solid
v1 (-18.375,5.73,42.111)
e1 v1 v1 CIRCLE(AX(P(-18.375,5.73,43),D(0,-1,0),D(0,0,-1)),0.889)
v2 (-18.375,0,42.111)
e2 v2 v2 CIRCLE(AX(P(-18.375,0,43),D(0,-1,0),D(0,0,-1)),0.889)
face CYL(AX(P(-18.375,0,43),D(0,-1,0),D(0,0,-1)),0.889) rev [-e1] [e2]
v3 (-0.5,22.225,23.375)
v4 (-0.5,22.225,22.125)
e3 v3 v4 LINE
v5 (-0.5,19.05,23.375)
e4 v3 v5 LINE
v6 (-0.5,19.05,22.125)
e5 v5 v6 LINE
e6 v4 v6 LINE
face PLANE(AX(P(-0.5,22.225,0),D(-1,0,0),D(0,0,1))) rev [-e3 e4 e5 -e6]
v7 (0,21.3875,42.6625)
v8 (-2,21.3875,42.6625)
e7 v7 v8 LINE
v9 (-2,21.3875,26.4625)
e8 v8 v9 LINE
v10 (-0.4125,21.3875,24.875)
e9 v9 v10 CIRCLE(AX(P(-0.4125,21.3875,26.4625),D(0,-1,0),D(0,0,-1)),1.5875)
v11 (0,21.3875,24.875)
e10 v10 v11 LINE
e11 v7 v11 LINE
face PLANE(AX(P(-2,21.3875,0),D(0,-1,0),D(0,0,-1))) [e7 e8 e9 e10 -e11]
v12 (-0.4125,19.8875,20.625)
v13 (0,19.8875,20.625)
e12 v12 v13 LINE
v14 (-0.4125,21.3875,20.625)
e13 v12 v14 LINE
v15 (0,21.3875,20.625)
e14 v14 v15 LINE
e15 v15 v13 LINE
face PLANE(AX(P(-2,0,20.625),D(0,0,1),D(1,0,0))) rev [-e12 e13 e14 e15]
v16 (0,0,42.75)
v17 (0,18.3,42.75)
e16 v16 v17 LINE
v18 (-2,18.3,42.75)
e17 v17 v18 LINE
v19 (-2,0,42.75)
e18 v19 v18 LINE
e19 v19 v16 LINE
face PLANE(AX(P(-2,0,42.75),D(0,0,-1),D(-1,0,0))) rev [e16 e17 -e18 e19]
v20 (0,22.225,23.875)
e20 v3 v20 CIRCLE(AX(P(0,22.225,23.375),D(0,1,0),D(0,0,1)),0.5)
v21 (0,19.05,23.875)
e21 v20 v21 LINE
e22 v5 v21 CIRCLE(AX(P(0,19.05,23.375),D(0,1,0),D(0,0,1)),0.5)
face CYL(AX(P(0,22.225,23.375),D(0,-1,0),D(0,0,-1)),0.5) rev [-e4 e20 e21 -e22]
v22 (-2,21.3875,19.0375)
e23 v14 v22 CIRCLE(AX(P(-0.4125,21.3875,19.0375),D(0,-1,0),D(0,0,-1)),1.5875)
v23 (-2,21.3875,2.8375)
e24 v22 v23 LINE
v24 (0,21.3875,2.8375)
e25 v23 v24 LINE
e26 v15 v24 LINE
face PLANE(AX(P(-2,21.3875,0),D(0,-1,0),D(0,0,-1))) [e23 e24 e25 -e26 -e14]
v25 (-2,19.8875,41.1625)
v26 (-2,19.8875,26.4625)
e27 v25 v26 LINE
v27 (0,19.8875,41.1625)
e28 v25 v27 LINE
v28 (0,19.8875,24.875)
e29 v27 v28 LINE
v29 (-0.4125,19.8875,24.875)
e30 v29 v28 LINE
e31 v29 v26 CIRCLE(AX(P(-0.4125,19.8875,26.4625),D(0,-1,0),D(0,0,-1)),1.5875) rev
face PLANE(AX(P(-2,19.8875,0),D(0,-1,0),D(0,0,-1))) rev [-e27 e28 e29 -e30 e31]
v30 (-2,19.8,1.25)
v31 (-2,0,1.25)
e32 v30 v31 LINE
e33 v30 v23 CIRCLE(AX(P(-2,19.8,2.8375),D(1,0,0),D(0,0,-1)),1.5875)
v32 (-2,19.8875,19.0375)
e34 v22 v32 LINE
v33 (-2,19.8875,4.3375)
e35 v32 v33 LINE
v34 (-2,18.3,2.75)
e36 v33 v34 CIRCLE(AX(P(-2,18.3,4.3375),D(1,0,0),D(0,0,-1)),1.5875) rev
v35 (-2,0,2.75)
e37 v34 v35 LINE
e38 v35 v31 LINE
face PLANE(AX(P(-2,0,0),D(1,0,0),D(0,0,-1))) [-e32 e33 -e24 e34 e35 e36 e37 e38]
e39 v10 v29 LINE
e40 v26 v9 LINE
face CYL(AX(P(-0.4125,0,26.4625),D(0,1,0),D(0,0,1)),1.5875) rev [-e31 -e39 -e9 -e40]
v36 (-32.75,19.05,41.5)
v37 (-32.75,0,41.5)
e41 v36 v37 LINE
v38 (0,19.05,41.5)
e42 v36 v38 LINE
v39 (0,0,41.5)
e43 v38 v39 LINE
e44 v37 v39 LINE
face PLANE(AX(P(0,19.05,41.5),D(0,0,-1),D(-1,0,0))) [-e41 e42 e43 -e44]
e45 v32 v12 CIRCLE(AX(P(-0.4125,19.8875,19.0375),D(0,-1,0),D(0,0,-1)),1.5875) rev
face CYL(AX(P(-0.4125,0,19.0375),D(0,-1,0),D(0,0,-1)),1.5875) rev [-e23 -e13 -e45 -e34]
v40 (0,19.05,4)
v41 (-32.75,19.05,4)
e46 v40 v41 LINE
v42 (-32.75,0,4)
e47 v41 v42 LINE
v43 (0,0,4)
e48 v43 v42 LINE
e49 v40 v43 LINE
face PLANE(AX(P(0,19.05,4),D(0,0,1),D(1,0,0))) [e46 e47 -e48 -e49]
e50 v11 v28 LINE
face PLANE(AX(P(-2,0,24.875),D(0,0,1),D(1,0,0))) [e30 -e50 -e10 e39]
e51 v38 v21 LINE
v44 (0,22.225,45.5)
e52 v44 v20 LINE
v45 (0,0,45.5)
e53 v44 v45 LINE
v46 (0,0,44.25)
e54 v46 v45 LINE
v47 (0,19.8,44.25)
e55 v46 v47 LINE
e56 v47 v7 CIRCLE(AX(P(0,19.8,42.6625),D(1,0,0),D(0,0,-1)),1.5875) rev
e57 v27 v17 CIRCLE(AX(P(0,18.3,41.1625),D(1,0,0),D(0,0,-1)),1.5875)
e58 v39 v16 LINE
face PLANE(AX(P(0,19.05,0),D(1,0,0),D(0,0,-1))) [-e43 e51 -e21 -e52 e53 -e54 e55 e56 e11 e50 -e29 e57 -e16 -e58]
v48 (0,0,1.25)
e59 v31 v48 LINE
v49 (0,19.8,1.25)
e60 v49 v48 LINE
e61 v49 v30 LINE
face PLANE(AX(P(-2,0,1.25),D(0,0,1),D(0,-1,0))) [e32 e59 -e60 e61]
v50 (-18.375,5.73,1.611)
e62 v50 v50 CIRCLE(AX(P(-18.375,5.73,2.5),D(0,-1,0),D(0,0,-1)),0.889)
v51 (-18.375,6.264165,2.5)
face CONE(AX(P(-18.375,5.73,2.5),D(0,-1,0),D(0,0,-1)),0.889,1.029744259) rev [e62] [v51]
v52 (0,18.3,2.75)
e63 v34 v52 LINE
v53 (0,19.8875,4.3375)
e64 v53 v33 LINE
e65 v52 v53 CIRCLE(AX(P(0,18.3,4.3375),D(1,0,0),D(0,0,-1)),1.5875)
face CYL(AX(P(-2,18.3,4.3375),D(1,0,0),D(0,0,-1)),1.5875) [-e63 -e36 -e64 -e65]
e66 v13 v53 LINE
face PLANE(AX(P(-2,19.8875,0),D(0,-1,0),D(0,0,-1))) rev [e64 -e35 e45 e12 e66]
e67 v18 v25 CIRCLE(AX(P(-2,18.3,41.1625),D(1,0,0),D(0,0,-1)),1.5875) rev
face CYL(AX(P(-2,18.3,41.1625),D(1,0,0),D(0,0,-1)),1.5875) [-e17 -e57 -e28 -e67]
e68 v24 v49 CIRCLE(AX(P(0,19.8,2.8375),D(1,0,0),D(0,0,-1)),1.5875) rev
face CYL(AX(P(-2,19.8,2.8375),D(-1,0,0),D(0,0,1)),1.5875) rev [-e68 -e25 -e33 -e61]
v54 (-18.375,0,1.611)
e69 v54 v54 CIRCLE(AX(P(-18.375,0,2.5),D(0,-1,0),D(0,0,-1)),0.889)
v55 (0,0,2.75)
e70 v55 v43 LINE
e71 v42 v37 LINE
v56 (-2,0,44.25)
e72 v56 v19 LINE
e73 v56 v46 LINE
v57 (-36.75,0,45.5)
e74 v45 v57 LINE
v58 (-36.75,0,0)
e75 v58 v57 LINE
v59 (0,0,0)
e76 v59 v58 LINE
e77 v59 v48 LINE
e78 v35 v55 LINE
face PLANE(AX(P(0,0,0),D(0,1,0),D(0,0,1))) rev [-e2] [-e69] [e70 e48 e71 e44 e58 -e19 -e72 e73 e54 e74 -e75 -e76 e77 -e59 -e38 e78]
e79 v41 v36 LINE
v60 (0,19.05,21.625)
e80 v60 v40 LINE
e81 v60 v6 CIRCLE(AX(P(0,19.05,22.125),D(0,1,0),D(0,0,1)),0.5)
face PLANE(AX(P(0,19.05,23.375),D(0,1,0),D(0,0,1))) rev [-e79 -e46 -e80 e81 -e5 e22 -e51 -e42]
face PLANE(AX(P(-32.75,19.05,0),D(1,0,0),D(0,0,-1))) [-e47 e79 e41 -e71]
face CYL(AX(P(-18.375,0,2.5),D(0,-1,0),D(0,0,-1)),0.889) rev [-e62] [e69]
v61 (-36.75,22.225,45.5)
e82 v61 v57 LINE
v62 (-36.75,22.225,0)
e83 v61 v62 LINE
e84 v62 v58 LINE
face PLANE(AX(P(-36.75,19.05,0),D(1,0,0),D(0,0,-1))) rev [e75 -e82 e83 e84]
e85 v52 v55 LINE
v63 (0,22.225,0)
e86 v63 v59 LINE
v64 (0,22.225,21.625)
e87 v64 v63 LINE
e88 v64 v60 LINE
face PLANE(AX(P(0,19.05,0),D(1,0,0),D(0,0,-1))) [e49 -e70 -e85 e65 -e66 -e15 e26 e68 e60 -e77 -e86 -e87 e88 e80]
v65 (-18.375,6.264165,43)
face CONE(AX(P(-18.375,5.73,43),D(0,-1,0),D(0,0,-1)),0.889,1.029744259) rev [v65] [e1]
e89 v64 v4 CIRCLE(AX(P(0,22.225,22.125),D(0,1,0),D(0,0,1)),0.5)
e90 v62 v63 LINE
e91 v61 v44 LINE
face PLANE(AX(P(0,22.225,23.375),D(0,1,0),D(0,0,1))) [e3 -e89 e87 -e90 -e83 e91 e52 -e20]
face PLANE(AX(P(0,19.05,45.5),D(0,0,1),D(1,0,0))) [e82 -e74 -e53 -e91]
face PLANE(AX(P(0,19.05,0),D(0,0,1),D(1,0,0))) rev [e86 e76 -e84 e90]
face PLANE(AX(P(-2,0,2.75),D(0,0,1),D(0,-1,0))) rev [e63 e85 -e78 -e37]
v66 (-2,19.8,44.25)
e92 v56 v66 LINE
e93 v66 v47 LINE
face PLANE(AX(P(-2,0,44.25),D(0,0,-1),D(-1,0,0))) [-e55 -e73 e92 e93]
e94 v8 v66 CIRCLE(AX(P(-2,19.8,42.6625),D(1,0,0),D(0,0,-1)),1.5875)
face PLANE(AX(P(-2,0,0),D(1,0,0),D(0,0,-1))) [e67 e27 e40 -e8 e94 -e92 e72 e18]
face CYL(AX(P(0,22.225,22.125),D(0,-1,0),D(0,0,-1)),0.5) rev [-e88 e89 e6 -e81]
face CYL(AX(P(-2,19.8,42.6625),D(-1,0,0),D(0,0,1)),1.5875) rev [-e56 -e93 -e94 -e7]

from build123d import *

# Parameters (mm, degrees)
WALL_DEPTH                = 19.05
ROOF_START                = 19.05
ROOF_DEPTH                = 3.175
F_2_56_TAPPED_HOLE1_D     = 1.778
F_2_56_TAPPED_HOLE1_DEPTH = 5.73
F_2_56_TAPPED_HOLE1_TIP   = 0.53416509
F_2MM_DEPTH_CUT_DEPTH     = 2
F_1_16_IN_FILLET_R        = 1.5875


with BuildPart() as part:
    # MainSketch → Wall (new body)
    with BuildSketch(Plane(origin=(0, 0, 0), x_dir=(1, 0, 0), z_dir=(0, 1, 0))):
        Polygon((-32.75, -4), (0, -4), (0, 0), (-36.75, 0), (-36.75, -45.5), (0, -45.5), (0, -41.5), (-32.75, -41.5), align=None)
    extrude(amount=WALL_DEPTH)

    # MainSketch<3> → Roof (add)
    with BuildSketch(Plane(origin=(0, 0, 0), x_dir=(1, 0, 0), z_dir=(0, 1, 0)).offset(ROOF_START)):
        with BuildLine():
            Line((0, -21.625), (0, 0))
            Line((0, 0), (-36.75, 0))
            Line((-36.75, 0), (-36.75, -45.5))
            Line((-36.75, -45.5), (0, -45.5))
            Line((0, -45.5), (0, -23.875))
            ThreePointArc((0, -23.875), (-0.353553391, -23.728553391), (-0.5, -23.375))
            Line((-0.5, -23.375), (-0.5, -22.125))
            ThreePointArc((-0.5, -22.125), (-0.353553391, -21.771446609), (0, -21.625))
        make_face()
    extrude(amount=ROOF_DEPTH)

    # #2-56 Tapped Hole1
    with Locations(Plane(origin=(-18.375, 0, 2.5), x_dir=(0, 0, -1), z_dir=(0, -1, 0))):
        with Locations((0, 0), (-40.5, 0)):
            Hole(F_2_56_TAPPED_HOLE1_D / 2, depth=F_2_56_TAPPED_HOLE1_DEPTH)
            with Locations((0, 0, -(F_2_56_TAPPED_HOLE1_DEPTH + F_2_56_TAPPED_HOLE1_TIP / 2))):  # 118° drill point
                Cone(0, F_2_56_TAPPED_HOLE1_D / 2, F_2_56_TAPPED_HOLE1_TIP, mode=Mode.SUBTRACT)

    # Sketch3 → 2mm depth cut (cut)
    with BuildSketch(Plane(origin=(0, 0, 0), x_dir=(0, 0, -1), z_dir=(1, 0, 0))):
        Polygon((-44.25, 21.3875), (-44.25, 0), (-42.75, 0), (-42.75, 19.8875), (-24.875, 19.8875), (-24.875, 21.3875), align=None)
        Polygon((-1.25, 21.3875), (-20.625, 21.3875), (-20.625, 19.8875), (-2.75, 19.8875), (-2.75, 0), (-1.25, 0), align=None)
    extrude(amount=-F_2MM_DEPTH_CUT_DEPTH, mode=Mode.SUBTRACT)

    # 1/16 in fillet
    f_1_16_in_fillet_edges = [part.edges().sort_by_distance(p)[0] for p in [
        (-1, 19.8875, 42.75),
        (-1, 21.3875, 44.25),
        (-2, 20.6375, 24.875),
        (-1, 21.3875, 1.25),
        (-1, 19.8875, 2.75),
        (-2, 20.6375, 20.625),
    ]]
    fillet(f_1_16_in_fillet_edges, radius=F_1_16_IN_FILLET_R)


solid = part.part
